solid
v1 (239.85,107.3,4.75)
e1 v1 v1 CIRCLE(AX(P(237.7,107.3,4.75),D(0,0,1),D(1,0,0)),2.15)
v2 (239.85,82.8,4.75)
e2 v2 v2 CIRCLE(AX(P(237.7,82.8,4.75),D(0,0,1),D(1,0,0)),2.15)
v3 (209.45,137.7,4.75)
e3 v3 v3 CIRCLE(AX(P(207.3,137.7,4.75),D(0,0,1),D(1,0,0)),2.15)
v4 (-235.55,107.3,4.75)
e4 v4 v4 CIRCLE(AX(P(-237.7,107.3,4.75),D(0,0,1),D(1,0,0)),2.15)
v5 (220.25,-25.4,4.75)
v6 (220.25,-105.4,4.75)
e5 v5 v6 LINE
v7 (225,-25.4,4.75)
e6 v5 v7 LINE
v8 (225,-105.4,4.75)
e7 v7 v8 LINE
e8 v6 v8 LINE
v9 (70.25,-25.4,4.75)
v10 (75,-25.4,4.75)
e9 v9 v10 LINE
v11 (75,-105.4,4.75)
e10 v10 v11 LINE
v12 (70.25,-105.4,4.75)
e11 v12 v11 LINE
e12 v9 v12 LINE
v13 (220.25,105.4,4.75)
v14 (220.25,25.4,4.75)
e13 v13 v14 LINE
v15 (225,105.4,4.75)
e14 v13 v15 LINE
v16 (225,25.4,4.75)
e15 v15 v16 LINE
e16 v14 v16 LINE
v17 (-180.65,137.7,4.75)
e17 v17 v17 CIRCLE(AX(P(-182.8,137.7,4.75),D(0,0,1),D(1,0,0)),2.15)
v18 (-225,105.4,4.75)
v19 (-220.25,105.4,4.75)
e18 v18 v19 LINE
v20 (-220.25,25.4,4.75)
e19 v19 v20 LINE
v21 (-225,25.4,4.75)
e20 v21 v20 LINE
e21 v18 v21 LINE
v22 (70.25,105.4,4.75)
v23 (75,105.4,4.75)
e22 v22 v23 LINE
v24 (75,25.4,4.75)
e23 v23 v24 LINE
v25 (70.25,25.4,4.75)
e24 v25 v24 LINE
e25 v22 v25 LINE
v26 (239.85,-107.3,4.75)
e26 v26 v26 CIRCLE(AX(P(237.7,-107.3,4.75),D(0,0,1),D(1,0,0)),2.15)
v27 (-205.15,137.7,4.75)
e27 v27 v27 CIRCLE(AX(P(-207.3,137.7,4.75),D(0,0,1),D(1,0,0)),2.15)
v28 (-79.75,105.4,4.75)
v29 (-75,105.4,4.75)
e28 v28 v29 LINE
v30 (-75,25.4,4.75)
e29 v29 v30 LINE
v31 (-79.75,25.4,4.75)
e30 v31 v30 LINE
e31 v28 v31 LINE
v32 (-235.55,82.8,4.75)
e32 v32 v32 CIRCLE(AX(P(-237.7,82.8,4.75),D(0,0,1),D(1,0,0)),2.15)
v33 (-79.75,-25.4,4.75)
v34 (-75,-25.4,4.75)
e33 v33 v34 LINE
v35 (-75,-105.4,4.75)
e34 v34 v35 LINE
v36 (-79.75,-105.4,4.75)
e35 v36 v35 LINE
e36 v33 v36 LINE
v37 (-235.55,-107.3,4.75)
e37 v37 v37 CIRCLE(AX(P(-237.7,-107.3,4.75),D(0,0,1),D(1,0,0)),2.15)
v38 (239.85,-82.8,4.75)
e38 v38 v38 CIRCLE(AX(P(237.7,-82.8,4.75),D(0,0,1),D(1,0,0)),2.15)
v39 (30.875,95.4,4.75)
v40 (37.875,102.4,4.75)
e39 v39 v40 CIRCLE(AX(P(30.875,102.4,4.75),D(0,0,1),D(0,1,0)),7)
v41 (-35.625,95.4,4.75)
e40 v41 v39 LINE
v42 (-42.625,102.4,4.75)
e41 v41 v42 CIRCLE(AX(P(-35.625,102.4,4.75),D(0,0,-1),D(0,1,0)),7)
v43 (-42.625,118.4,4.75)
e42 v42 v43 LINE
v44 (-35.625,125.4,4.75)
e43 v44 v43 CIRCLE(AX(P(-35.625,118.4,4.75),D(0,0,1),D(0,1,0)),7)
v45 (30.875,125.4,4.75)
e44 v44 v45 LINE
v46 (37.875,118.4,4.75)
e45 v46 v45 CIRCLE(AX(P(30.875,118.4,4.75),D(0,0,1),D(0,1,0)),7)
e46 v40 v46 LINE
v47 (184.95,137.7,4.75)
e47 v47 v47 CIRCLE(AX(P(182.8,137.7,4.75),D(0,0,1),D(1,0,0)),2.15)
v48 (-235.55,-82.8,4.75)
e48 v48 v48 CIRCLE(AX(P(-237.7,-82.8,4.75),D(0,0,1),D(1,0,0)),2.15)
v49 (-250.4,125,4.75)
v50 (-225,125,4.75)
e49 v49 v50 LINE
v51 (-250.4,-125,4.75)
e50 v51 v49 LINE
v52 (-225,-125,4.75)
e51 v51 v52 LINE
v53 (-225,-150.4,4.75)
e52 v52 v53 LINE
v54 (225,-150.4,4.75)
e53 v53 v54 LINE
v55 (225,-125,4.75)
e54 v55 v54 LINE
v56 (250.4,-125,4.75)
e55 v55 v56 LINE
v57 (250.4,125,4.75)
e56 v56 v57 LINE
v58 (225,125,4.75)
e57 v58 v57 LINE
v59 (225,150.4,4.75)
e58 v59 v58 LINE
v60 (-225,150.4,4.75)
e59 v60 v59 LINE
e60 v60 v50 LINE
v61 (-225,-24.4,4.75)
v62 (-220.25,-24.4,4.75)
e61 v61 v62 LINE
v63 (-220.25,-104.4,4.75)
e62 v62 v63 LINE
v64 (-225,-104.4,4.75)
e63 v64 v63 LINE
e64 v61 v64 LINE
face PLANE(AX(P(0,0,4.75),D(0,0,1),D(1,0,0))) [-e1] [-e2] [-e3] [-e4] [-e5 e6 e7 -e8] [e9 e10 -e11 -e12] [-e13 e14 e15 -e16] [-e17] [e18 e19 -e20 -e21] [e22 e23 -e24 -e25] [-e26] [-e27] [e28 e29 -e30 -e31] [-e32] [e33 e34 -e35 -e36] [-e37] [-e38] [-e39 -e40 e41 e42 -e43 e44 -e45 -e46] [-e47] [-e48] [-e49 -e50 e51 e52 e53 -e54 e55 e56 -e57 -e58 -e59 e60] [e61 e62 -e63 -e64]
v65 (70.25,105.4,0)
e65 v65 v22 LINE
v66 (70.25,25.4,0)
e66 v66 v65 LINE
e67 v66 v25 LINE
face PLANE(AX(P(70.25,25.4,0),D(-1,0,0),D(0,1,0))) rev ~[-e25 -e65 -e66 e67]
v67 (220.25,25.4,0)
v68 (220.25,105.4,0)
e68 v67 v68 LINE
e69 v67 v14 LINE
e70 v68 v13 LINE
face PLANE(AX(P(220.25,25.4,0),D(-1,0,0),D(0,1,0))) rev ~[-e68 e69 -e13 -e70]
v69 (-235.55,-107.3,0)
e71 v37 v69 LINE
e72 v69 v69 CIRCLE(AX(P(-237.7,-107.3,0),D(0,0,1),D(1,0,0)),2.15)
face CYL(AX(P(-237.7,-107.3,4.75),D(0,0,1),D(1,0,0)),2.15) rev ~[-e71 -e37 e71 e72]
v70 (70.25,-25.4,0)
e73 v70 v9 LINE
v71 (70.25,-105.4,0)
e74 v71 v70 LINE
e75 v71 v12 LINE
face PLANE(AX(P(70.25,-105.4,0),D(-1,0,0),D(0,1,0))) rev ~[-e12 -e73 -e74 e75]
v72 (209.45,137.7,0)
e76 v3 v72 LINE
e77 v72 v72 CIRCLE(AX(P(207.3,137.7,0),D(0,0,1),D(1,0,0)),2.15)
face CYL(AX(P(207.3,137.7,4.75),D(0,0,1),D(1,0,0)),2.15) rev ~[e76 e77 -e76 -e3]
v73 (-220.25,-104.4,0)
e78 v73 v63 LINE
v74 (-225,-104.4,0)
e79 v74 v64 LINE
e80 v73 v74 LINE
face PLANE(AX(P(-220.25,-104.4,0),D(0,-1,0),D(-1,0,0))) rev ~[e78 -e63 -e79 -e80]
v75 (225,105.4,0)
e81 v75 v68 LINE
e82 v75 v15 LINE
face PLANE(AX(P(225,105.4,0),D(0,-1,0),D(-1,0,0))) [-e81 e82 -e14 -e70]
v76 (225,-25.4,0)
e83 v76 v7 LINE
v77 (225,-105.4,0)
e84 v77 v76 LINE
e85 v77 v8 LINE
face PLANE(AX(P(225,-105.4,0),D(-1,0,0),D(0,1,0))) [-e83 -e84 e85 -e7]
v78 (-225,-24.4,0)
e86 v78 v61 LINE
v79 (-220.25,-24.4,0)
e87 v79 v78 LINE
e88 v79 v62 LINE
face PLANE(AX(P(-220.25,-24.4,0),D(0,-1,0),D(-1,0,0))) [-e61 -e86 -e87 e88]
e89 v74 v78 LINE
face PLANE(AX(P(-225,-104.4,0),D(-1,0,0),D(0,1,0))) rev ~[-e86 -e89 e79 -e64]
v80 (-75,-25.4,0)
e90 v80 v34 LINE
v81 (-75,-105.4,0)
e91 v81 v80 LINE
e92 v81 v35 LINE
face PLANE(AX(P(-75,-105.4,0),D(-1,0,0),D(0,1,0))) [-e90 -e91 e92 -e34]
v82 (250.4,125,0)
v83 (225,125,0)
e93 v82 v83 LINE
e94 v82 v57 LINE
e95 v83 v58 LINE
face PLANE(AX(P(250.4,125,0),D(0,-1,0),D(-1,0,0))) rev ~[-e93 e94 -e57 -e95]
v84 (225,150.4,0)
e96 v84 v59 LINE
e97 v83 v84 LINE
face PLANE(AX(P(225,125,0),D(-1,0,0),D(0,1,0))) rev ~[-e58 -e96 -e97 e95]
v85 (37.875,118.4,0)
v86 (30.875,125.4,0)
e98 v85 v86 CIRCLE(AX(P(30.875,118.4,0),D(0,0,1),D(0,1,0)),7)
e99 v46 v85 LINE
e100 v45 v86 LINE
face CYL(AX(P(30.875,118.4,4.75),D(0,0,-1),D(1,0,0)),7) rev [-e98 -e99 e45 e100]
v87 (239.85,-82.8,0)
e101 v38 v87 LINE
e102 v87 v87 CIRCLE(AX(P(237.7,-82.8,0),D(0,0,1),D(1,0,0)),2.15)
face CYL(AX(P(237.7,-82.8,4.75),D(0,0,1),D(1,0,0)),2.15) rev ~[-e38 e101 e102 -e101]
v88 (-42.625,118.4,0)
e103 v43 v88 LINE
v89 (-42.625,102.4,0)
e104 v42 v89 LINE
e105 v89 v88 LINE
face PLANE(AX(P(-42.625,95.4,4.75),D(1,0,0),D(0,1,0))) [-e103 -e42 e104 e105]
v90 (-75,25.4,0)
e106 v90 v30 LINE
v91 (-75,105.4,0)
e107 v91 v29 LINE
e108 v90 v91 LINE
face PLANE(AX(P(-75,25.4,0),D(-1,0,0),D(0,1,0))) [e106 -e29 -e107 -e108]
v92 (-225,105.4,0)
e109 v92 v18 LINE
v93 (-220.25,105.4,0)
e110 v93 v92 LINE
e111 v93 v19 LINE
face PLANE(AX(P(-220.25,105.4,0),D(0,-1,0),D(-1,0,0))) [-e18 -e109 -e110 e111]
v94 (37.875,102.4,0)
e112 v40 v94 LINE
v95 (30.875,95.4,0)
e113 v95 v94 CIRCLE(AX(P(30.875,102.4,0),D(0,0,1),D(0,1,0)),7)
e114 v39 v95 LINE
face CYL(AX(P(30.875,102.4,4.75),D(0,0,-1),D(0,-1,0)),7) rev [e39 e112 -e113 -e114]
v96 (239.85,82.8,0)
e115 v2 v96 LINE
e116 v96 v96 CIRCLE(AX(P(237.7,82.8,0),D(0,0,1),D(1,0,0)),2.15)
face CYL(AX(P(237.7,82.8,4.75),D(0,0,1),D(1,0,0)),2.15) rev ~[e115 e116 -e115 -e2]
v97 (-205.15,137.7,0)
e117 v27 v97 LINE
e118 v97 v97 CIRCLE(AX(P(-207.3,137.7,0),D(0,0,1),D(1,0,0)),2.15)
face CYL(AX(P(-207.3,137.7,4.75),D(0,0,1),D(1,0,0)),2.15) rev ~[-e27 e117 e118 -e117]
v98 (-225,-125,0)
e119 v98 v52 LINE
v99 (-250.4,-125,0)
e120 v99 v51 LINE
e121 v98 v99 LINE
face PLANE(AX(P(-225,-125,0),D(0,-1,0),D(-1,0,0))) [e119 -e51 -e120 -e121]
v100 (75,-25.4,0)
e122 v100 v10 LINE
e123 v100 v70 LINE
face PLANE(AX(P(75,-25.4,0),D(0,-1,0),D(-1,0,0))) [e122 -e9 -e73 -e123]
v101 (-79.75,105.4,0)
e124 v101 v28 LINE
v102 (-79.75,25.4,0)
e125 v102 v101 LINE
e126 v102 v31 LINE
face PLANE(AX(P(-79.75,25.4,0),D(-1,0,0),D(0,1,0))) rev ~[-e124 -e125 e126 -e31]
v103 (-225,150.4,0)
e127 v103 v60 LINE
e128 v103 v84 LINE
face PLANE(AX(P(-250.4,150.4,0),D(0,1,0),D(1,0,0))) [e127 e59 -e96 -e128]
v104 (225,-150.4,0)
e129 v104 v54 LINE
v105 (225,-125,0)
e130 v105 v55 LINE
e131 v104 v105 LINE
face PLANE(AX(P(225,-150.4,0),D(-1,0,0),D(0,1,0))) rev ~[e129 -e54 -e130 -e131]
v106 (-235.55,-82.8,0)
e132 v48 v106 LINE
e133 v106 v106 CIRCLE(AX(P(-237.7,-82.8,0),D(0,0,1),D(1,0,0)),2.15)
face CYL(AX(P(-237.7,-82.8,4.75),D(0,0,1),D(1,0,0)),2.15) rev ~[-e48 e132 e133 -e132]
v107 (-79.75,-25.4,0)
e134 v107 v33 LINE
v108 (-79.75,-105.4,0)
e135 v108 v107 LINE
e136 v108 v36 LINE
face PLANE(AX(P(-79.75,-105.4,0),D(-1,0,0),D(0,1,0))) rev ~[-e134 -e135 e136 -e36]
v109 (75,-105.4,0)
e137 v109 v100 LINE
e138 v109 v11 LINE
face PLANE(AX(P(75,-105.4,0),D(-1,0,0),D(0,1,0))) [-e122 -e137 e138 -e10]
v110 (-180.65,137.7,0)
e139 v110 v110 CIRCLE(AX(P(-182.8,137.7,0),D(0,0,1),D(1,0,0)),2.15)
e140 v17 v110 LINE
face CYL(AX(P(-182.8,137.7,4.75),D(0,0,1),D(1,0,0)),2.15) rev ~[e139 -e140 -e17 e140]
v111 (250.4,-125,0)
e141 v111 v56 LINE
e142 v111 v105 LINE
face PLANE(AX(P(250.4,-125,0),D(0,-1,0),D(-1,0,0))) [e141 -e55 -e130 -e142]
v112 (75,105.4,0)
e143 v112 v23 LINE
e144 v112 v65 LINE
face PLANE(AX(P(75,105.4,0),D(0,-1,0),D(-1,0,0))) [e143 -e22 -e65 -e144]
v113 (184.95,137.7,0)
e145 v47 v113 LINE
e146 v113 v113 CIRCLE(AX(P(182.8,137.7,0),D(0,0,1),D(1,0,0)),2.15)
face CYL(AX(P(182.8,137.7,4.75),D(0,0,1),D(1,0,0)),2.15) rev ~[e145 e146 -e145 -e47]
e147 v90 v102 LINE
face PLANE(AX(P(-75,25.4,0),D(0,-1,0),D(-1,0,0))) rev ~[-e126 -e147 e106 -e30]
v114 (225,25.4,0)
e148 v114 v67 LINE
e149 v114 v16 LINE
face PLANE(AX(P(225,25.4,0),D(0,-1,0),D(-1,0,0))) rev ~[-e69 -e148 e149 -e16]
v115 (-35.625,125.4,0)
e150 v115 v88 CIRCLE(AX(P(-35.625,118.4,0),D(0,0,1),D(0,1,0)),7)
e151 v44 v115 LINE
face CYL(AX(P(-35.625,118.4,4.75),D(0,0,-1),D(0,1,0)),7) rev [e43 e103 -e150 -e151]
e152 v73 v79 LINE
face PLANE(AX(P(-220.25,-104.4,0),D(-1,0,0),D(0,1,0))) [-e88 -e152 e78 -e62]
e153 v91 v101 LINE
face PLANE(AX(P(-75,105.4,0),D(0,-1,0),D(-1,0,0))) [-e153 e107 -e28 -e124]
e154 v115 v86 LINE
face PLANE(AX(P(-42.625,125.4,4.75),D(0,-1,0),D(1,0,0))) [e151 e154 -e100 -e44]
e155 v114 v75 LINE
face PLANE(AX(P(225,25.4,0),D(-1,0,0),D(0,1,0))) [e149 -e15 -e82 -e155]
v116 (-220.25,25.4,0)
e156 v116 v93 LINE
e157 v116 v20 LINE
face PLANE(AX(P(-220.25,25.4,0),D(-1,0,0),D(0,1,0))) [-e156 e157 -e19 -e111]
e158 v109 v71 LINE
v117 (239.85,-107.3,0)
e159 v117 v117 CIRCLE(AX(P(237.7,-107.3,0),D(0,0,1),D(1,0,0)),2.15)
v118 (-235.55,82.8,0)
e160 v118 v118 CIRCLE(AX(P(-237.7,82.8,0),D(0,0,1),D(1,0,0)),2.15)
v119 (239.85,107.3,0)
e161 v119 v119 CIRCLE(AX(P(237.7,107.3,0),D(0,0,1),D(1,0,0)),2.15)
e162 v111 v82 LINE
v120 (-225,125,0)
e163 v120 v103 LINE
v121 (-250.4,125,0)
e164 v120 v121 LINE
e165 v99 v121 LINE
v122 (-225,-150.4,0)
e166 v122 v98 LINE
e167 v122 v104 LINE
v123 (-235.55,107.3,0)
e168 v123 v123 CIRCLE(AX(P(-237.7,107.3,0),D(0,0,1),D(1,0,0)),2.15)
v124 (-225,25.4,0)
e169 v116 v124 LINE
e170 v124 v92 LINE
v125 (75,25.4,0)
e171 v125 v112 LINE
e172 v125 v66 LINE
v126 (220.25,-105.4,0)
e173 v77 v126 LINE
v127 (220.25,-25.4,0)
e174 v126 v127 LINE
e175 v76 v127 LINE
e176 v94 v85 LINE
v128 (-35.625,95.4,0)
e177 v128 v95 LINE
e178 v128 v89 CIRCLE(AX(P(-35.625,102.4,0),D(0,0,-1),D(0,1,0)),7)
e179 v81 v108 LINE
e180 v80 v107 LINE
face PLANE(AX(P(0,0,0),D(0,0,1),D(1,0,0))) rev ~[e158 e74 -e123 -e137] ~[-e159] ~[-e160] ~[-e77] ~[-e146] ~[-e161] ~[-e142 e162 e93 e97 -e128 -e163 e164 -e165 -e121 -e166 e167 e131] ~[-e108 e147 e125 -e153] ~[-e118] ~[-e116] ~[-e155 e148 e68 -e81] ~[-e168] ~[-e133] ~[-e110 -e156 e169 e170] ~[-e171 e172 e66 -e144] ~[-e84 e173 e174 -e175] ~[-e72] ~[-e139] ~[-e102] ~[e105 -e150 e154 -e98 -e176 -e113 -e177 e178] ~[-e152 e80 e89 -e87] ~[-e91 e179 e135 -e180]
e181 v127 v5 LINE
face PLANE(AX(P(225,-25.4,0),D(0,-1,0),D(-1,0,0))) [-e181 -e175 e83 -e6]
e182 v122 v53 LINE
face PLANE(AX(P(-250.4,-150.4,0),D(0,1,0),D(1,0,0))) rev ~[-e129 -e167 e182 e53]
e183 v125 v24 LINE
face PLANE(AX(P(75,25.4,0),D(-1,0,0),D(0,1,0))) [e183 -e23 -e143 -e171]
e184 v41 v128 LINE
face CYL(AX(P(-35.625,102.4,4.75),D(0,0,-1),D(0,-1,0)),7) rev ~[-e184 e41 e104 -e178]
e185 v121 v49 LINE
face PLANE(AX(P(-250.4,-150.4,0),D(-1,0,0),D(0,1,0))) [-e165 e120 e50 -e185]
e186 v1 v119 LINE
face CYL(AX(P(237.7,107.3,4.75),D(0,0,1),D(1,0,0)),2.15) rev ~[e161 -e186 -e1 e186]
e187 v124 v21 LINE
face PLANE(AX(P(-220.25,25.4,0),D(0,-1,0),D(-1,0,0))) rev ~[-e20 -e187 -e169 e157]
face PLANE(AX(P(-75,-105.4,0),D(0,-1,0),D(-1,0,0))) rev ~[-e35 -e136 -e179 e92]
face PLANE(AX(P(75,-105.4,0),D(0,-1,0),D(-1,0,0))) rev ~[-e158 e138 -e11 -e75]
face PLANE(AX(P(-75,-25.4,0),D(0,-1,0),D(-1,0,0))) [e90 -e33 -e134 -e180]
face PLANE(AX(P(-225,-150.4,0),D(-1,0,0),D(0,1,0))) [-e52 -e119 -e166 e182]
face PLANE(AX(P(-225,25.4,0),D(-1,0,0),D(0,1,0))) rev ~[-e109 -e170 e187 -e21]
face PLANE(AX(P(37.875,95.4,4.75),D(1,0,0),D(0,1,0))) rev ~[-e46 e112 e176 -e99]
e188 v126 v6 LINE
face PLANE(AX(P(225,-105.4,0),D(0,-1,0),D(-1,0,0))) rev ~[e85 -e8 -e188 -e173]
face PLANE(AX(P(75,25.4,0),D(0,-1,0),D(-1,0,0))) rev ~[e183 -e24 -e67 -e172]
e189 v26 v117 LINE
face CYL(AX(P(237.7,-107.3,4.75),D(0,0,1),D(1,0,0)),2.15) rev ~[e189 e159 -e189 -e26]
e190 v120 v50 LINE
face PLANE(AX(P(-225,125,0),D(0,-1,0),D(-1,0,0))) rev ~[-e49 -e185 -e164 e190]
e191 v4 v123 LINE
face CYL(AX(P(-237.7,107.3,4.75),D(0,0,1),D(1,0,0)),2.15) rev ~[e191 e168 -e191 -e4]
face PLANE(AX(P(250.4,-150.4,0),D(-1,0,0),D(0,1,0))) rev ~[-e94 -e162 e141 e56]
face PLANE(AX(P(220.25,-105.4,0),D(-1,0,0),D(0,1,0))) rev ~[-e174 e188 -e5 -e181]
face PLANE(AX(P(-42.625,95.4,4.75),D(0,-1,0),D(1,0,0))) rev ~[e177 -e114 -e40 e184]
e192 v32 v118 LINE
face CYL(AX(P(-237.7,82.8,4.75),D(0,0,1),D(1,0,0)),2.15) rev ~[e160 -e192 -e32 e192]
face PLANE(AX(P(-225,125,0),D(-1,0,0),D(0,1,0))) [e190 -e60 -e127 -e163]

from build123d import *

# Parameters (mm, degrees)
SKETCH_1_W          = 500.8
SKETCH_1_H          = 300.8
EXTRUDE_1_DEPTH     = 4.75
SKETCH_2_W          = 25.4
SKETCH_2_H          = 25.4
SKETCH_2_W_2        = 4.75
SKETCH_2_H_2        = 80
CUT_EXTRUDE_1_DEPTH = 10
SKETCH_3_R          = 2.150000004
SKETCH_3_R_2        = 2.15
CUT_EXTRUDE_2_DEPTH = 5
SKETCH_4_W          = 80.5
SKETCH_4_H          = 30
CUT_EXTRUDE_3_DEPTH = 4.75
FILLET_1_R          = 7


with BuildPart() as part:
    # 草圖1 → 填料-伸長1 (new body)
    with BuildSketch(Plane.XY):
        Rectangle(SKETCH_1_W, SKETCH_1_H)
    extrude(amount=EXTRUDE_1_DEPTH)

    # 草圖2 → 除料-伸長1 (cut)
    with BuildSketch(Plane(origin=(0, 0, 0), x_dir=(-1, 0, 0), z_dir=(0, 0, -1))):
        with Locations((-237.7, 137.7)):
            Rectangle(SKETCH_2_W, SKETCH_2_H)
        with Locations((-237.7, -137.7)):
            Rectangle(SKETCH_2_W, SKETCH_2_H)
        with Locations((237.7, 137.7)):
            Rectangle(SKETCH_2_W, SKETCH_2_H)
        with Locations((237.7, -137.7)):
            Rectangle(SKETCH_2_W, SKETCH_2_H)
        with Locations((-222.625, 65.4)):
            Rectangle(SKETCH_2_W_2, SKETCH_2_H_2)
        with Locations((-222.625, -65.4)):
            Rectangle(SKETCH_2_W_2, SKETCH_2_H_2)
        with Locations((222.625, 65.4)):
            Rectangle(SKETCH_2_W_2, SKETCH_2_H_2)
        with Locations((222.625, -64.4)):
            Rectangle(SKETCH_2_W_2, SKETCH_2_H_2)
        with Locations((-72.625, 65.4)):
            Rectangle(SKETCH_2_W_2, SKETCH_2_H_2)
        with Locations((77.375, 65.4)):
            Rectangle(SKETCH_2_W_2, SKETCH_2_H_2)
        with Locations((77.375, -65.4)):
            Rectangle(SKETCH_2_W_2, SKETCH_2_H_2)
        with Locations((-72.625, -65.4)):
            Rectangle(SKETCH_2_W_2, SKETCH_2_H_2)
    extrude(amount=-CUT_EXTRUDE_1_DEPTH, mode=Mode.SUBTRACT)

    # 草圖3 → 除料-伸長2 (cut)
    with BuildSketch(Plane.XY.offset(4.75)):
        with Locations((-237.7, 107.300000013)):
            Circle(SKETCH_3_R)
        with Locations((-237.7, 82.800000013)):
            Circle(SKETCH_3_R)
        with Locations((-207.3, 137.700000006)):
            Circle(SKETCH_3_R_2)
        with Locations((-182.8, 137.700000006)):
            Circle(SKETCH_3_R_2)
        with Locations((-237.7, -82.800000001)):
            Circle(SKETCH_3_R_2)
        with Locations((-237.7, -107.300000001)):
            Circle(SKETCH_3_R_2)
        with Locations((237.7, -107.300000007)):
            Circle(SKETCH_3_R)
        with Locations((237.7, -82.800000007)):
            Circle(SKETCH_3_R)
        with Locations((237.7, 107.300000006)):
            Circle(SKETCH_3_R_2)
        with Locations((237.7, 82.800000006)):
            Circle(SKETCH_3_R_2)
        with Locations((182.8, 137.700000006)):
            Circle(SKETCH_3_R_2)
        with Locations((207.3, 137.700000006)):
            Circle(SKETCH_3_R_2)
    extrude(amount=-CUT_EXTRUDE_2_DEPTH, mode=Mode.SUBTRACT)

    # 草圖4 → 除料-伸長3 (cut)
    with BuildSketch(Plane.XY.offset(4.75)):
        with Locations((-2.375, 110.4)):
            Rectangle(SKETCH_4_W, SKETCH_4_H)
    extrude(amount=-CUT_EXTRUDE_3_DEPTH, mode=Mode.SUBTRACT)

    # 圓角1
    fillet_1_edges = [part.edges().sort_by_distance(p)[0] for p in [
        (37.875, 125.4, 2.375),
        (37.875, 95.4, 2.375),
        (-42.625, 95.4, 2.375),
        (-42.625, 125.4, 2.375),
    ]]
    fillet(fillet_1_edges, radius=FILLET_1_R)


solid = part.part
